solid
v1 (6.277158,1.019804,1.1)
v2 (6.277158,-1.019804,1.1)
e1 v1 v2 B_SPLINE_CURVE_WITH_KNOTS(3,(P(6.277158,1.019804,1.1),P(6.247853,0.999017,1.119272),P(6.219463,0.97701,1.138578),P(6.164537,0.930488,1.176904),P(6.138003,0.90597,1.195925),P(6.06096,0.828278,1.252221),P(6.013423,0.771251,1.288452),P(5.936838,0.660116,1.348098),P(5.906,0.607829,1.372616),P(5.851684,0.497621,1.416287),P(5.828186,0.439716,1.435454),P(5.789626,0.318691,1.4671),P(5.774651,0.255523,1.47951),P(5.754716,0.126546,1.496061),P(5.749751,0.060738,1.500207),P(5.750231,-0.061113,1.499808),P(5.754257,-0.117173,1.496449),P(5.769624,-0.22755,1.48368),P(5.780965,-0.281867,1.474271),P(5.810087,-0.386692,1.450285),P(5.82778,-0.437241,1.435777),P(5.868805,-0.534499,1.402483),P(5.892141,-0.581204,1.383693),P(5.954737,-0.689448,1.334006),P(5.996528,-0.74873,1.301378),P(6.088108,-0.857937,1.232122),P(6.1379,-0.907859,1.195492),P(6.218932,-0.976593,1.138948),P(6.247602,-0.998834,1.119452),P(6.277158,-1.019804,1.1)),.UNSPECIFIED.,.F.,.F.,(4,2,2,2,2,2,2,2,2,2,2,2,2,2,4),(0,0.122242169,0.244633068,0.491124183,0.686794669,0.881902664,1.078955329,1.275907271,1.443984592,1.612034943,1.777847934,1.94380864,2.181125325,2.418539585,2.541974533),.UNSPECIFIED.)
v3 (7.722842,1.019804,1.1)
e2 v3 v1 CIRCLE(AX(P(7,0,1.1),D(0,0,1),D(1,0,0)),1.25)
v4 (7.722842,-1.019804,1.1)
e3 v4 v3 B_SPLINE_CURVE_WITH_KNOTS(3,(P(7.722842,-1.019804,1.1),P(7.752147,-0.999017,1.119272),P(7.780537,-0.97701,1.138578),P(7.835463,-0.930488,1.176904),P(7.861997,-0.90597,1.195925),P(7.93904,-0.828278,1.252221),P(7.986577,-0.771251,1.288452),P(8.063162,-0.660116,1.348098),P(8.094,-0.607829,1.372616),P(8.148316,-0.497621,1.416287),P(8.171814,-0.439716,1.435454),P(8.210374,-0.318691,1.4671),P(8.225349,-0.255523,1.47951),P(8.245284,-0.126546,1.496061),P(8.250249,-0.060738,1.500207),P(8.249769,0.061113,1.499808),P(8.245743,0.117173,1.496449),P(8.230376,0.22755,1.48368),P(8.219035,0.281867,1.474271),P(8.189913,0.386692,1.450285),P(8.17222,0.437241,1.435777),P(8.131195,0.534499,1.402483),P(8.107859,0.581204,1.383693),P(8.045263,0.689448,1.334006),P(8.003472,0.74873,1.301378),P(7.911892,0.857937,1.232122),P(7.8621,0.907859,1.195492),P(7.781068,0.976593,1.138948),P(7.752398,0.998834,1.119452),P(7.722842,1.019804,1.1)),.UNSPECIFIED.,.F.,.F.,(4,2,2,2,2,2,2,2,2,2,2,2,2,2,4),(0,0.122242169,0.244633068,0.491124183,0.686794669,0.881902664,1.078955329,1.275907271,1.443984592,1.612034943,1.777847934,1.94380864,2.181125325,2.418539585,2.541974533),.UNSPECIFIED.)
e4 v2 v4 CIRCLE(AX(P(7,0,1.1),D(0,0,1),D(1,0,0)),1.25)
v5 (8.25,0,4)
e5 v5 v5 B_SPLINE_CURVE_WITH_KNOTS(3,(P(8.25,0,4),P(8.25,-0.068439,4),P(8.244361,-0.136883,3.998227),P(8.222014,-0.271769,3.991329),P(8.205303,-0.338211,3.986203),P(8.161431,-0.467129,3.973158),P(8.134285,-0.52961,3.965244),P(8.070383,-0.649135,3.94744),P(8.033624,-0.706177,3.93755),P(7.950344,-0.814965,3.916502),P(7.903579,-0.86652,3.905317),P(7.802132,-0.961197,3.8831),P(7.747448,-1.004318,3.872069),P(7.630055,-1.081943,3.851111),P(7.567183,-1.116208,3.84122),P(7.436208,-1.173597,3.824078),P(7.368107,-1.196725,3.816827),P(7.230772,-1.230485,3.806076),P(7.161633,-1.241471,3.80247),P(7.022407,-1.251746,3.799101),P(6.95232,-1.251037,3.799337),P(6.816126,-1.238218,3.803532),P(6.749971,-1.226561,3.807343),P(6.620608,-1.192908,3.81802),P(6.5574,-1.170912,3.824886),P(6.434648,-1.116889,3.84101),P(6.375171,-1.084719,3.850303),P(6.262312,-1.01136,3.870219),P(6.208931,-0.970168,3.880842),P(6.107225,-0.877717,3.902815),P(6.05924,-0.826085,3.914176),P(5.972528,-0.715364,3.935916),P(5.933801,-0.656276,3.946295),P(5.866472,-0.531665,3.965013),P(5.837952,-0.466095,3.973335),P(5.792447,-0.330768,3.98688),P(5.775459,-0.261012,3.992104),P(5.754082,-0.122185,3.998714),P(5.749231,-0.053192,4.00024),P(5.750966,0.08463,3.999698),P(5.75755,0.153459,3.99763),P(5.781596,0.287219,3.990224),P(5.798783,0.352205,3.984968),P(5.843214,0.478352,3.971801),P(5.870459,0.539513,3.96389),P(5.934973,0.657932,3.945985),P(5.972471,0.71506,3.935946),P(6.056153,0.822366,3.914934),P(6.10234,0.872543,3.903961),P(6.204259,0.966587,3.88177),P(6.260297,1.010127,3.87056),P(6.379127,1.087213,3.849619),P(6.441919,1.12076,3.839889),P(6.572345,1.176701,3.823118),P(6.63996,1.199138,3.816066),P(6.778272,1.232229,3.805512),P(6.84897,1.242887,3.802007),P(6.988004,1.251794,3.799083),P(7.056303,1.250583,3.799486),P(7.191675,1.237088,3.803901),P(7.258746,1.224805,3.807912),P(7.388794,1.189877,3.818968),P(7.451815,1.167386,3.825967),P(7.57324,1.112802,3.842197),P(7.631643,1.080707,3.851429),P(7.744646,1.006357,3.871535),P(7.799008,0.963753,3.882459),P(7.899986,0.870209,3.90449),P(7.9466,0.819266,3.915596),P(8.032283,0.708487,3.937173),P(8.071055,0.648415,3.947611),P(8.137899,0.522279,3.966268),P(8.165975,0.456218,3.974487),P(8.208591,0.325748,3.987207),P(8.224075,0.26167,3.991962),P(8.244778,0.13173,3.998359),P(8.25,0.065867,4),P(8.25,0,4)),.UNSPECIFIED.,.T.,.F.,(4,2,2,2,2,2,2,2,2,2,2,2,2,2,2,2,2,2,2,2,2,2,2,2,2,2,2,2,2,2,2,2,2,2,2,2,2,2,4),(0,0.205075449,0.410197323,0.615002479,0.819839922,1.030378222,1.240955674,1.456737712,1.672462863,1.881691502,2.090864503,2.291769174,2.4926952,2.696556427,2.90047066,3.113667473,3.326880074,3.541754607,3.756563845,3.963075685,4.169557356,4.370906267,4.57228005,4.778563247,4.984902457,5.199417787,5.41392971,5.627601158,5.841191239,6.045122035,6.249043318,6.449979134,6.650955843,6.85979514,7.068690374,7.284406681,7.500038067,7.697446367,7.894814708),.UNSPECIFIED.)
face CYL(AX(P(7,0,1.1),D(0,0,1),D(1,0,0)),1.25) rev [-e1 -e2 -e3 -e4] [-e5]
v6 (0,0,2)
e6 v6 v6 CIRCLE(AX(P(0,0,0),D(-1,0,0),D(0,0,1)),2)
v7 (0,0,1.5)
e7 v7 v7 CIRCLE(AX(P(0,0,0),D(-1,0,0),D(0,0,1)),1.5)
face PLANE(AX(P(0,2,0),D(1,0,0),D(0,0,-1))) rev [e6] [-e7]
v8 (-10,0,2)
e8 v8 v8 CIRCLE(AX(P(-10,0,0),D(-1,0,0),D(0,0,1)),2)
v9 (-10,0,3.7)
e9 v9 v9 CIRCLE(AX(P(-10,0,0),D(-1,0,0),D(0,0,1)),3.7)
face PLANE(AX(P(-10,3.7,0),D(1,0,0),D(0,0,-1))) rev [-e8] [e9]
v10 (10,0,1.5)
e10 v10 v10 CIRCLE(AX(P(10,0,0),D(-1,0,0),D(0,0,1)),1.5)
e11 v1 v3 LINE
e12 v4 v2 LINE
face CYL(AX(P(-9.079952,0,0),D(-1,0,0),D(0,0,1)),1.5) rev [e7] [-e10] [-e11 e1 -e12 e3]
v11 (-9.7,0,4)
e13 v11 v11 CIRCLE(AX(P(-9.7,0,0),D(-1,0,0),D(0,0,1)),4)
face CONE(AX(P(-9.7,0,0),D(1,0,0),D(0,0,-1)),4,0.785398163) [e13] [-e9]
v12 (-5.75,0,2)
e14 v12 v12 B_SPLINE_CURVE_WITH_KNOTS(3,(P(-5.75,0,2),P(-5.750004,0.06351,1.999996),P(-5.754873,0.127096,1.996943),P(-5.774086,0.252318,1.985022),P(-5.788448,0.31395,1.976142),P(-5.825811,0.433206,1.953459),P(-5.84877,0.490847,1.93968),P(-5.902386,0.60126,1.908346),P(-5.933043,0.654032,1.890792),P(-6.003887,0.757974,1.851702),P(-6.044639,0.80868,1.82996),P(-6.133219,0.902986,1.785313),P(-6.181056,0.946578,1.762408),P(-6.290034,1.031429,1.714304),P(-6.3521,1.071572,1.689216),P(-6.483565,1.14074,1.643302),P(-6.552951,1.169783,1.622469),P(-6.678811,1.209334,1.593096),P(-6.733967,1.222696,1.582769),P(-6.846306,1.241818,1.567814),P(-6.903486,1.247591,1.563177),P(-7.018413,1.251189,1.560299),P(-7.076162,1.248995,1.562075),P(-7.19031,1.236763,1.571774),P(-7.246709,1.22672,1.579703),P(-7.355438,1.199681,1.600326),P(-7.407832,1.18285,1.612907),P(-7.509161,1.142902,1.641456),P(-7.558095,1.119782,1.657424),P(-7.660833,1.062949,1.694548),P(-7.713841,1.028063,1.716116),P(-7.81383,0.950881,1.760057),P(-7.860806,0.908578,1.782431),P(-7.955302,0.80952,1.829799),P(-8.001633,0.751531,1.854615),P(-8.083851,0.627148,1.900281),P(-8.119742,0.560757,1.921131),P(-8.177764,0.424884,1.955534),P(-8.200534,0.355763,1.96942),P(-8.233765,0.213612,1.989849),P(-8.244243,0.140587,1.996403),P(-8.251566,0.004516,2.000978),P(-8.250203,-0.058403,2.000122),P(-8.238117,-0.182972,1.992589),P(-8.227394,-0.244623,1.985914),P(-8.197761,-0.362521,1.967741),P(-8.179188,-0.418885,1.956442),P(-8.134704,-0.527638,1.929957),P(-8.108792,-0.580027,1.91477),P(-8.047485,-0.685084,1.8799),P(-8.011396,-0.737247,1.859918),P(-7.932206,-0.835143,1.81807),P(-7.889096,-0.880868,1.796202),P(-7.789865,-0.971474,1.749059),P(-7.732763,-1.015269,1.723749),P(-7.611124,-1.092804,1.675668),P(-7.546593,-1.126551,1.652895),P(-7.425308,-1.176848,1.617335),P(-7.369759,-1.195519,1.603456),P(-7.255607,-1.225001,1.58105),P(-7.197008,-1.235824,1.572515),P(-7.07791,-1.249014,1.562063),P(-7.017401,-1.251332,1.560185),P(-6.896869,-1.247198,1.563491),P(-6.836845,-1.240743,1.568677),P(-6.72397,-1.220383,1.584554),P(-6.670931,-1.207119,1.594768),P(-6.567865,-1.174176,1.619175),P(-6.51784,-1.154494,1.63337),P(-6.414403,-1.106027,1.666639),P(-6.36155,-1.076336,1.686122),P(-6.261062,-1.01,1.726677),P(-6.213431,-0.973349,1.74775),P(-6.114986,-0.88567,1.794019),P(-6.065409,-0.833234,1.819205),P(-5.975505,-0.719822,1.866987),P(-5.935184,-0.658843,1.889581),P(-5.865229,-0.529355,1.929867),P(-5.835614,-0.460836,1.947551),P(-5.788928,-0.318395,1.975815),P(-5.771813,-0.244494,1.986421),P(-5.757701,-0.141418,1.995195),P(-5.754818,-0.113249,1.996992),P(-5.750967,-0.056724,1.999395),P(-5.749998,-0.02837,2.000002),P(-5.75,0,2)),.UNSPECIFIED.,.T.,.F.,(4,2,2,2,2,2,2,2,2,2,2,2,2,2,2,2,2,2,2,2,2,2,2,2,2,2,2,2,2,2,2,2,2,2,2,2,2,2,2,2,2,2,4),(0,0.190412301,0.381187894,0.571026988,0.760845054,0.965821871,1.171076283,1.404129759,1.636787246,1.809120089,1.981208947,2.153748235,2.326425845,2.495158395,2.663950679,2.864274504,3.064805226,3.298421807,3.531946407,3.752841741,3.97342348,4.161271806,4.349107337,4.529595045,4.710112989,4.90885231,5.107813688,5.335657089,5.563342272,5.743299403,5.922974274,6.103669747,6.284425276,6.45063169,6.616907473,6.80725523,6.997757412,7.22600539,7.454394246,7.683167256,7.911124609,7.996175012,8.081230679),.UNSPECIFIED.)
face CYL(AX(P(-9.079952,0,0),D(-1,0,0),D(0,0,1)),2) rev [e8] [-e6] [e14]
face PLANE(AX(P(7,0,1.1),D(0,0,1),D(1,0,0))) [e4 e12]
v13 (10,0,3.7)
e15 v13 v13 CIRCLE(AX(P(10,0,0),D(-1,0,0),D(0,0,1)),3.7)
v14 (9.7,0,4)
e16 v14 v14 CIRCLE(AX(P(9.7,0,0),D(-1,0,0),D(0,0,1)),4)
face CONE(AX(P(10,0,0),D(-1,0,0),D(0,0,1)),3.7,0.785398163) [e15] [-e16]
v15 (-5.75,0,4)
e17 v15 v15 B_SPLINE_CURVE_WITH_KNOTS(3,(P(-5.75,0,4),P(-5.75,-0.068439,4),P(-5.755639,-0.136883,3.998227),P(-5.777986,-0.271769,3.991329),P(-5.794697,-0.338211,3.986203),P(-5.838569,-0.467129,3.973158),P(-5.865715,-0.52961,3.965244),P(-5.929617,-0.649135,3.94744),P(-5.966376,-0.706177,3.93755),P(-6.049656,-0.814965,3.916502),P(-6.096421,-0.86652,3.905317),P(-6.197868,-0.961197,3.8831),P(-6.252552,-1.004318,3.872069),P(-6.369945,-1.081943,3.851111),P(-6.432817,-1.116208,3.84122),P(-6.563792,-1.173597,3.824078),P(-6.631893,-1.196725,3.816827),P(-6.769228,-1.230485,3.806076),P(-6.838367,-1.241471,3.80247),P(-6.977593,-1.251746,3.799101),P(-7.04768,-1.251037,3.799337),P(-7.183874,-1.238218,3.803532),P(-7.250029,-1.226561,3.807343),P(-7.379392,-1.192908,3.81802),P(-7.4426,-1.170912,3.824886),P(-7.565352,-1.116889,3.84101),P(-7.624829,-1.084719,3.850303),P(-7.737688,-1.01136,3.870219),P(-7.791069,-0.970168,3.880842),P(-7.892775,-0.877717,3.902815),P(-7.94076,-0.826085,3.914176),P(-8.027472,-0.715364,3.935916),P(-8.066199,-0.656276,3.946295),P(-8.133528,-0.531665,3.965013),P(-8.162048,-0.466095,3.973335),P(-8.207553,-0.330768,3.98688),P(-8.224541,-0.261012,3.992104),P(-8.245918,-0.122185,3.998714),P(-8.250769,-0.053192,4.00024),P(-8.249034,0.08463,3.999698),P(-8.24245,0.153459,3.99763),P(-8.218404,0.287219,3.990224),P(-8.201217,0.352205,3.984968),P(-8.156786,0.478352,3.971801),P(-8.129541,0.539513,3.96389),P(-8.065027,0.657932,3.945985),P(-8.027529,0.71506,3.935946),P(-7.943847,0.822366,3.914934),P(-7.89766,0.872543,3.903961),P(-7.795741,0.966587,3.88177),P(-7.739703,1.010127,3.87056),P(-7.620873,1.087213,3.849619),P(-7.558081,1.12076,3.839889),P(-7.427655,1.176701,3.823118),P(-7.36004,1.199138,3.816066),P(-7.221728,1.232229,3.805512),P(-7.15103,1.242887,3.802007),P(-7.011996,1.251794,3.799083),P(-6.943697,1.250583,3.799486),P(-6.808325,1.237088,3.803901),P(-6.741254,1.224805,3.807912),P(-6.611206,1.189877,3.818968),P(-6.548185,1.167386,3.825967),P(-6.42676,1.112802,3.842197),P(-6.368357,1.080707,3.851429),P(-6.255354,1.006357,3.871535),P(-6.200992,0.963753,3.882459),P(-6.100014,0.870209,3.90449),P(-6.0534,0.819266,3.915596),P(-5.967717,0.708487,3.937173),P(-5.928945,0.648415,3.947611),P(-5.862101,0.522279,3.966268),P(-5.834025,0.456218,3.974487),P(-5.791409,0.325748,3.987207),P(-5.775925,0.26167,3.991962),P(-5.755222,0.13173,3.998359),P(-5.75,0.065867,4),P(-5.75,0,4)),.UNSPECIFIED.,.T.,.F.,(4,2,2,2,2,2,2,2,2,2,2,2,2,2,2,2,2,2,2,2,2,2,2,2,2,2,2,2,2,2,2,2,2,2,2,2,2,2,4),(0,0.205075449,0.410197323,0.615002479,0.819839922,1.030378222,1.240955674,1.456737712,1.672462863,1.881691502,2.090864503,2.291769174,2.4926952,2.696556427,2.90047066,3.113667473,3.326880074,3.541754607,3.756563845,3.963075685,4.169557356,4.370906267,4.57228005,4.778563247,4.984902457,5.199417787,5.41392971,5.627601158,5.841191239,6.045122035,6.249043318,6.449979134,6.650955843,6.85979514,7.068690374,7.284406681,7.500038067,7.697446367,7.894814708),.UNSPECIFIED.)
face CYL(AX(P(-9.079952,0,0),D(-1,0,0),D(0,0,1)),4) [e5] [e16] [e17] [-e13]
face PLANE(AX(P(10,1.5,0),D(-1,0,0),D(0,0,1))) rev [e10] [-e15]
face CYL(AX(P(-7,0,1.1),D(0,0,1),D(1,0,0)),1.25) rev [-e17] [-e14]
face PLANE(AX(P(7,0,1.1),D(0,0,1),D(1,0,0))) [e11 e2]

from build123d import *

# Parameters (mm, degrees)
ESQUISSE2_R             = 1.25
ENL_V_MAT_EXTRU_1_DEPTH = 5


with BuildPart() as part:
    # Esquisse1 → Révolution1 (revolve)
    with BuildSketch(Plane.XY, mode=Mode.PRIVATE) as r_volution1_sk:
        Polygon((-10, 3.7), (-10, 2), (0, 2), (0, 1.5), (10, 1.5), (10, 3.7), (9.7, 4), (-9.7, 4), align=None)
    revolve(r_volution1_sk.sketch.rotate(Axis((-9.079951531, 0, 0), (1, 0, 0)), 90), axis=Axis((-9.079951531, 0, 0), (1, 0, 0)))

    # Esquisse2 → Enlèv. mat.-Extru.1 (cut)
    with BuildSketch(Plane.XY.offset(6.1)):
        with Locations((-7, 0)):
            Circle(ESQUISSE2_R)
        with Locations((7, 0)):
            Circle(ESQUISSE2_R)
    extrude(amount=-ENL_V_MAT_EXTRU_1_DEPTH, mode=Mode.SUBTRACT)


solid = part.part
